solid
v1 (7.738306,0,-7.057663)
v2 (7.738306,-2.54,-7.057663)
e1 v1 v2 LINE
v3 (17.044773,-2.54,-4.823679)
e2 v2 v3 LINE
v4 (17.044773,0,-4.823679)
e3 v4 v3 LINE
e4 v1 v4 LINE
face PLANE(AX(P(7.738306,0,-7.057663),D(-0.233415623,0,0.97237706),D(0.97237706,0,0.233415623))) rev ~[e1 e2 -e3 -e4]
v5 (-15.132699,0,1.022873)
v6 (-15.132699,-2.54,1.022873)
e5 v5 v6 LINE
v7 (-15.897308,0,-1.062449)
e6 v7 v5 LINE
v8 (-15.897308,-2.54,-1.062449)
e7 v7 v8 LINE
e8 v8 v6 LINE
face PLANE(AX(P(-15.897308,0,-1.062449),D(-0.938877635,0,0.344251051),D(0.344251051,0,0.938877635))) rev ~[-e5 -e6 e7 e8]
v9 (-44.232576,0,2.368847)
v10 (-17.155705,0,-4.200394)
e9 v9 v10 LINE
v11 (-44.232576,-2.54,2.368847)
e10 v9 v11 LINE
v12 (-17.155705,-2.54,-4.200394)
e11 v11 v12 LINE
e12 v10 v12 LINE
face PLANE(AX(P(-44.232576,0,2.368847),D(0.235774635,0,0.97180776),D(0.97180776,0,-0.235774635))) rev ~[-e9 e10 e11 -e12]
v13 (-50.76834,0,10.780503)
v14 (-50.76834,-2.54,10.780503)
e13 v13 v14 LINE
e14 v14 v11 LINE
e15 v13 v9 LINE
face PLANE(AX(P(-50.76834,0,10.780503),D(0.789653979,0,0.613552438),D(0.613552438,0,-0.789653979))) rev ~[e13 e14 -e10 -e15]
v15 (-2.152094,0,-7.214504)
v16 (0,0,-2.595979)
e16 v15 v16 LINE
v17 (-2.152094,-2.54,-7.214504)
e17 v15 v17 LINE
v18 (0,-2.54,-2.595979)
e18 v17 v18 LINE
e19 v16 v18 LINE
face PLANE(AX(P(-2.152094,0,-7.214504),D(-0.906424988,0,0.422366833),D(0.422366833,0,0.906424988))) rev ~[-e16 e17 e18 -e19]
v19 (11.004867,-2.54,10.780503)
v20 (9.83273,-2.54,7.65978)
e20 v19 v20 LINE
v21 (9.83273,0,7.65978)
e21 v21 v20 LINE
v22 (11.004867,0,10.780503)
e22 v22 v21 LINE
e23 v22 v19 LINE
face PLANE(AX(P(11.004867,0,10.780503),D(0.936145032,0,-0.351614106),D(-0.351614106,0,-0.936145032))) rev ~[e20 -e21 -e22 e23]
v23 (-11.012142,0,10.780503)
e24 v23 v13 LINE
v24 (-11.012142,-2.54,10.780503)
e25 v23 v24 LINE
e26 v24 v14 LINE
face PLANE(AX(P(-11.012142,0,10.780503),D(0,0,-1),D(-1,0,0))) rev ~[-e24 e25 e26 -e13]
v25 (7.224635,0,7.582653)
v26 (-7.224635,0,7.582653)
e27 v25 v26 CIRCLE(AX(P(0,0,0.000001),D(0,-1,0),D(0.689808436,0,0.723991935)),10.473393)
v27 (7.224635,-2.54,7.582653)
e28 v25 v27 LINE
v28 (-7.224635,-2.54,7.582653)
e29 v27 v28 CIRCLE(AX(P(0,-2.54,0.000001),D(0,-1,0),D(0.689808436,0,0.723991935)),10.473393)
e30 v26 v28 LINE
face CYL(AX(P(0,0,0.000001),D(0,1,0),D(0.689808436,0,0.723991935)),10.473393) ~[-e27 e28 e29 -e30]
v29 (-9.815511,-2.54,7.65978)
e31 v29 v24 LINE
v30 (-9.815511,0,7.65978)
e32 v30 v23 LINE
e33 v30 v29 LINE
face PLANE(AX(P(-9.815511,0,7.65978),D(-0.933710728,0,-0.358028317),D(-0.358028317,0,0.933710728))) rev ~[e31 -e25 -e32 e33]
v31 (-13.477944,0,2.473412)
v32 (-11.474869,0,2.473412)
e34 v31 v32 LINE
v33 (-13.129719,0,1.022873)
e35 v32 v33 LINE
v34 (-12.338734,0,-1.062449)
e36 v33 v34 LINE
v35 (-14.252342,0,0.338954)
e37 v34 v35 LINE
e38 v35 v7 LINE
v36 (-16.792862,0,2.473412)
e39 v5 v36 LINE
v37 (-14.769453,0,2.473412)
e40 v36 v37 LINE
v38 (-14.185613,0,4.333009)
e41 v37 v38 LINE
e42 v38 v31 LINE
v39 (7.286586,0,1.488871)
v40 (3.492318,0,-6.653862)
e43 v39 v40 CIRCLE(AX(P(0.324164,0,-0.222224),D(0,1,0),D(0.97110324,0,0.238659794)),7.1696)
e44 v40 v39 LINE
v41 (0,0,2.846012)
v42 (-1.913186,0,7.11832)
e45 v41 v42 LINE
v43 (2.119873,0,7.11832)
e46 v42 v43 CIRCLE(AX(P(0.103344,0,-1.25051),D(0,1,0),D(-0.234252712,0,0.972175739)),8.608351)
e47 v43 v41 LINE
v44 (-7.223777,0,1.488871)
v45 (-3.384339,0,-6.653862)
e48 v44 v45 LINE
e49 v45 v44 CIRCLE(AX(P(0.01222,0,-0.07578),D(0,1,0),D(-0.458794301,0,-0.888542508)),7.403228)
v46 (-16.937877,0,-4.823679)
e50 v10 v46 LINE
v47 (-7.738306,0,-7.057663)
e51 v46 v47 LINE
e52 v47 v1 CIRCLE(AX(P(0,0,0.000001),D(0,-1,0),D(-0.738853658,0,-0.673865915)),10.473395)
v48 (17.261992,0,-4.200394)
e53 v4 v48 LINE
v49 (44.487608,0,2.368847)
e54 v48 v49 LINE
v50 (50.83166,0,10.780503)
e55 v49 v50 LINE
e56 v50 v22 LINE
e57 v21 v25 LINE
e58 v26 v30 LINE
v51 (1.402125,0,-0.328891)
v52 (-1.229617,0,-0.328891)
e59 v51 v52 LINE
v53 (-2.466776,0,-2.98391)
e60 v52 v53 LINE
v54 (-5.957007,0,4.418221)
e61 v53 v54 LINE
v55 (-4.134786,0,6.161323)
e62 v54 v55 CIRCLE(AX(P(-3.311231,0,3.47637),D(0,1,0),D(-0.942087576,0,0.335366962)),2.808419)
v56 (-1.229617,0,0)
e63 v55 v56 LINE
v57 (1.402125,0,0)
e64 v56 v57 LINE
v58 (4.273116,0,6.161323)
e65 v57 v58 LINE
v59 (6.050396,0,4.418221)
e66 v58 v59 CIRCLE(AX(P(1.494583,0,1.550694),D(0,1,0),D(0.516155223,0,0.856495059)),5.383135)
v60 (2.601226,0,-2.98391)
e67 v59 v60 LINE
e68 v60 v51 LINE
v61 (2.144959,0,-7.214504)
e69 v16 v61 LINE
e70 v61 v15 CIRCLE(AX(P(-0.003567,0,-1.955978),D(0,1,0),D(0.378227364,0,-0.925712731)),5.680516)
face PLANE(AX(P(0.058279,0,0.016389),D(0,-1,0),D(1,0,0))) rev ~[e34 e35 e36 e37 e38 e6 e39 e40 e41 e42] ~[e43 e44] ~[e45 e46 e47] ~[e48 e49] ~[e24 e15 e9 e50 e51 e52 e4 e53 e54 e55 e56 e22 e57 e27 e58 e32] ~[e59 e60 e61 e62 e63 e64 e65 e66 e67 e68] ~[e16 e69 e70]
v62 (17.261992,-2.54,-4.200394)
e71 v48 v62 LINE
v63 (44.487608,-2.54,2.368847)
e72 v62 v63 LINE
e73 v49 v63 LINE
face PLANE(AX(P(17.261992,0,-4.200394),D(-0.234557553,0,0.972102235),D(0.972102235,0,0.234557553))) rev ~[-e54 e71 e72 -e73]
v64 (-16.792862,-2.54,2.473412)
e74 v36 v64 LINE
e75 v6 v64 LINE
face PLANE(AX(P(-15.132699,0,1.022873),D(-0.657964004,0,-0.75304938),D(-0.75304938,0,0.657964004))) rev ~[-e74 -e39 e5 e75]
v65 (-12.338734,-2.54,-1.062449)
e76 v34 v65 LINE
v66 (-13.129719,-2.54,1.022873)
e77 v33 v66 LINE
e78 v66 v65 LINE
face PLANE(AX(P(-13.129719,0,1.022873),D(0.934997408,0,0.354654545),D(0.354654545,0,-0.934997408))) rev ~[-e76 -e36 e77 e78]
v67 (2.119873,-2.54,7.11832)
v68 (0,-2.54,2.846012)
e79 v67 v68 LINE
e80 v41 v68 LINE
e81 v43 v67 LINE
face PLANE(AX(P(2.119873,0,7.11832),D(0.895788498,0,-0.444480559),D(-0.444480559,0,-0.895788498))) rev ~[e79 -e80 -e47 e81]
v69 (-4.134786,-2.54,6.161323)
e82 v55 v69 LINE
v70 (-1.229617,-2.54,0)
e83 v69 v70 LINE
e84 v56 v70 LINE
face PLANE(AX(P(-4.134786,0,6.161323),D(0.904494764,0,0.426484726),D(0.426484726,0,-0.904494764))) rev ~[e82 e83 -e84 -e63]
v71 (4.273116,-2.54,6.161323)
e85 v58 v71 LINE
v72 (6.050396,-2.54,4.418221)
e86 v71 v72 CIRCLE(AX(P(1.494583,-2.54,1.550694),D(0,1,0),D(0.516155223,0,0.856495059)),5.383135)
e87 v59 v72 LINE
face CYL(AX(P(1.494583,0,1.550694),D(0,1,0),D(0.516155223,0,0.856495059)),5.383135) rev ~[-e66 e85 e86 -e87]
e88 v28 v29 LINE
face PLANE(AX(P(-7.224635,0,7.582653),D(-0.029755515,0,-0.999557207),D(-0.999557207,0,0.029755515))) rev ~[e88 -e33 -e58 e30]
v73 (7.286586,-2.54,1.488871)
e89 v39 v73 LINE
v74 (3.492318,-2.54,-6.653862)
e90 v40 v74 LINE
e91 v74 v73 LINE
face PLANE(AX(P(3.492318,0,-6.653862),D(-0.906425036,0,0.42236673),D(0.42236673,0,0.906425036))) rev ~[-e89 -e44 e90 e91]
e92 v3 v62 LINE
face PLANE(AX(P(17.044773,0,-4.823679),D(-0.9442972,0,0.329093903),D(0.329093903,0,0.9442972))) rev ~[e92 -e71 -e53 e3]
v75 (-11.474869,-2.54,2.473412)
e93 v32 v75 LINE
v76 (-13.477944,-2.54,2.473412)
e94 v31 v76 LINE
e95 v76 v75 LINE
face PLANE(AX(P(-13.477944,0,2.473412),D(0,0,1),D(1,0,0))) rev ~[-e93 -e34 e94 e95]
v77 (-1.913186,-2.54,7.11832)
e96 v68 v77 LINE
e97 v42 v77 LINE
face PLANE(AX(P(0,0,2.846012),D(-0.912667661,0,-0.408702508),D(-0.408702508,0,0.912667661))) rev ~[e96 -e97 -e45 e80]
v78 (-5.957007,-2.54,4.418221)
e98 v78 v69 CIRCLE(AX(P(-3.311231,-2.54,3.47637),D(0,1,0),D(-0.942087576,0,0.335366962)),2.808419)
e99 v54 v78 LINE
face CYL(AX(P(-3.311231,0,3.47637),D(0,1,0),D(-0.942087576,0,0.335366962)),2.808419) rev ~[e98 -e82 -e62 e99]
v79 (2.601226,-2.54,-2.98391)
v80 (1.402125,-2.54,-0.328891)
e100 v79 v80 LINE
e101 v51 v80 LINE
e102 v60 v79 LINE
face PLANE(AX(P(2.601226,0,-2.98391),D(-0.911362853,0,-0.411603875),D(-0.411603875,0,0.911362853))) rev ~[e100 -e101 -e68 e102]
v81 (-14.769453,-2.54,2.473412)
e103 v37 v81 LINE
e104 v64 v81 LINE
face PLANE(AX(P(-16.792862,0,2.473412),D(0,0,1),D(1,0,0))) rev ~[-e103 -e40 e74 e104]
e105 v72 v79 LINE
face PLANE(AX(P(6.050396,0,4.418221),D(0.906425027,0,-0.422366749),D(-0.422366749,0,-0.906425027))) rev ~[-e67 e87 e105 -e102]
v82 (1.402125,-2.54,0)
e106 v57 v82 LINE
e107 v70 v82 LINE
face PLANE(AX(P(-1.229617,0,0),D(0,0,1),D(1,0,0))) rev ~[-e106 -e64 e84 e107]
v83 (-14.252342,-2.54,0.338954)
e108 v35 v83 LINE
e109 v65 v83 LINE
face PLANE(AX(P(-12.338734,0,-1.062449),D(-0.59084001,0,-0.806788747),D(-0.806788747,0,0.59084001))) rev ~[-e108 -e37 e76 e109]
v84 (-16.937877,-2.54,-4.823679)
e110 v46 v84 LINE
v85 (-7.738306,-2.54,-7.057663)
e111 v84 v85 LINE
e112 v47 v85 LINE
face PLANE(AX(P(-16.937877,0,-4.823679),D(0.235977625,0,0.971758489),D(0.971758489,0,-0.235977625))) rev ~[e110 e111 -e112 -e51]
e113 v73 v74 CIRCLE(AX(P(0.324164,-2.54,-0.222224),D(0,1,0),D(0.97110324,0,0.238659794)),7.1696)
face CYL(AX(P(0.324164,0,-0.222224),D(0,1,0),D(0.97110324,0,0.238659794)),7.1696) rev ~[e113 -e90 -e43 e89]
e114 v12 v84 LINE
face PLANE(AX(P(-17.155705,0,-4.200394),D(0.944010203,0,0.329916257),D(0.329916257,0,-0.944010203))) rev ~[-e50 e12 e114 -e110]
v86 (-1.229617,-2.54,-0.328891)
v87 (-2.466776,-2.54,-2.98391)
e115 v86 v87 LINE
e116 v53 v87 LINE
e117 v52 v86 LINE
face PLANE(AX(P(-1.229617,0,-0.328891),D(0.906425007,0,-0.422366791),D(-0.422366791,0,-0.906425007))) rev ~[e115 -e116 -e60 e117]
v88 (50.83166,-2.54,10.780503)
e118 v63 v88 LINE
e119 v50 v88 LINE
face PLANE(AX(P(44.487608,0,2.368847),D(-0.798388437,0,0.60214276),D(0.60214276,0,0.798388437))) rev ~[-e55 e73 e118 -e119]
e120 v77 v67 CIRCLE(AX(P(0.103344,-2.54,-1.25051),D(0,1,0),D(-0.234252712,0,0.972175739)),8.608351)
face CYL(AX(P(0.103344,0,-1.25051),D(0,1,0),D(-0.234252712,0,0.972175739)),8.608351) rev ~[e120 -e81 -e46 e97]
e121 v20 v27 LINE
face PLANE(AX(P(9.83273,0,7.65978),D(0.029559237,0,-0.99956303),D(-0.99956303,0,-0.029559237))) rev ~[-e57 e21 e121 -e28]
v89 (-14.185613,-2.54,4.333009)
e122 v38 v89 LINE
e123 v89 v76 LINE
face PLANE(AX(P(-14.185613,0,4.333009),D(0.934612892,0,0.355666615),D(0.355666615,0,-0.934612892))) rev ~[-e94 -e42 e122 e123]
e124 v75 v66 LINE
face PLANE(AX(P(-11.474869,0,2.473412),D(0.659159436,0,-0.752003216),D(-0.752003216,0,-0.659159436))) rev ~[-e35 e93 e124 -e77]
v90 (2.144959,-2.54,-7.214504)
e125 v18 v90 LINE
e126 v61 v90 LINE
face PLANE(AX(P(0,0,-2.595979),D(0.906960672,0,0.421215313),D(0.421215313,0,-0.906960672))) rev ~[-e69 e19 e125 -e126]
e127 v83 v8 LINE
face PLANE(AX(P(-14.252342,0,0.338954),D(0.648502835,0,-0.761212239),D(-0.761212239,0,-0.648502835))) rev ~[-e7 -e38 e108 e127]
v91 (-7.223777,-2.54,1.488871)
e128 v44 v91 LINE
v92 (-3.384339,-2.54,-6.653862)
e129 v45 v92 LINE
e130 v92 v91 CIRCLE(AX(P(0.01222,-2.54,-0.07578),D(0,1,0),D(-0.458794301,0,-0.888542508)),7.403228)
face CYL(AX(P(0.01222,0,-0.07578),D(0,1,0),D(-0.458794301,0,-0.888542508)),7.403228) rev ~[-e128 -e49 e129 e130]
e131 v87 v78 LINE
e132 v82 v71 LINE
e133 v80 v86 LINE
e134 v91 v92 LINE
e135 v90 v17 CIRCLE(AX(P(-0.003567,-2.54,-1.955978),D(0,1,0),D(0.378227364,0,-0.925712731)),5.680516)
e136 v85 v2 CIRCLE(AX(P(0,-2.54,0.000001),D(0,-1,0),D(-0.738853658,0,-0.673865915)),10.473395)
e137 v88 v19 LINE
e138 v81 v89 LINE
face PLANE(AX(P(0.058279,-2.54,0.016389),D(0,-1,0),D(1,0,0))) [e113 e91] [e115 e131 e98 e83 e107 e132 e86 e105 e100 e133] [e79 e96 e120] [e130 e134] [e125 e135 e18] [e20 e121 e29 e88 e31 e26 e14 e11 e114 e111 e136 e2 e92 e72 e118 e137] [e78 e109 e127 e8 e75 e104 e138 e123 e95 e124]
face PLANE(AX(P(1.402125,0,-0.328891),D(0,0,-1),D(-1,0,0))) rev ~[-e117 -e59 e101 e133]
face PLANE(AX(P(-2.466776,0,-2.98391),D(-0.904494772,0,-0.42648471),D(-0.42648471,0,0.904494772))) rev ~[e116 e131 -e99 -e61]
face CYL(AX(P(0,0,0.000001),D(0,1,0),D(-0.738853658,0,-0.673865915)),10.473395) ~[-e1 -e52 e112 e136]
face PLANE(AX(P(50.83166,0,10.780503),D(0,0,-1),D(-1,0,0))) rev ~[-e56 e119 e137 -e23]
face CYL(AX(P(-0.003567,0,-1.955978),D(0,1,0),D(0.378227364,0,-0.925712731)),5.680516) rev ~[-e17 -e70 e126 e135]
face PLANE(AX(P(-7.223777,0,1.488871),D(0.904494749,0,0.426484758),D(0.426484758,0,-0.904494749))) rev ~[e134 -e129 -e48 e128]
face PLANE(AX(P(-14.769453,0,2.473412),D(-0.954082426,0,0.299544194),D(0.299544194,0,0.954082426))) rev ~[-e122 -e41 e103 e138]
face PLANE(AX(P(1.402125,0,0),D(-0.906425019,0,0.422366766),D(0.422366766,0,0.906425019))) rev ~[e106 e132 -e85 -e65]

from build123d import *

# Parameters (mm, degrees)
F1_DEPTH = 2.54


with BuildPart() as f1:
    # F0 (on Front) → F1 (new body)
    with BuildSketch(Plane.XZ):
        with BuildLine():
            ThreePointArc((7.738306, -7.057663), (9.765713, -3.784552), (10.473394, 0))
            ThreePointArc((10.473394, 0), (9.627005, 4.124653), (7.224635, 7.582653))
            ThreePointArc((7.224635, 7.582653), (0, 10.473394), (-7.224635, 7.582653))
            ThreePointArc((-7.224635, 7.582653), (-10.466954, 0.367244), (-7.738306, -7.057663))
            ThreePointArc((-7.738306, -7.057663), (0, -10.473394), (7.738306, -7.057663))
        make_face()
        with BuildLine():
            Line((-2.152094, -7.214504), (0, -2.595979))
            Line((0, -2.595979), (2.144959, -7.214504))
            ThreePointArc((2.144959, -7.214504), (-0.003567, -7.636494), (-2.152094, -7.214504))
        make_face(mode=Mode.SUBTRACT)
        with BuildLine():
            ThreePointArc((-3.384339, -6.653862), (-6.683961, -3.233143), (-7.223777, 1.488871))
            Line((-7.223777, 1.488871), (-3.384339, -6.653862))
        make_face(mode=Mode.SUBTRACT)
        with BuildLine():
            Line((3.492318, -6.653862), (7.286586, 1.488871))
            ThreePointArc((7.286586, 1.488871), (6.822869, -3.250425), (3.492318, -6.653862))
        make_face(mode=Mode.SUBTRACT)
        with BuildLine():
            ThreePointArc((-5.957007, 4.418221), (-5.252536, 5.505791), (-4.134786, 6.161323))
            Line((-4.134786, 6.161323), (-1.229617, 0))
            Line((-1.229617, 0), (1.402125, 0))
            Line((1.402125, 0), (4.273116, 6.161323))
            ThreePointArc((4.273116, 6.161323), (5.263901, 5.39392), (6.050396, 4.418221))
            Line((6.050396, 4.418221), (2.601226, -2.98391))
            Line((2.601226, -2.98391), (1.402125, -0.328891))
            Line((1.402125, -0.328891), (-1.229617, -0.328891))
            Line((-1.229617, -0.328891), (-2.466776, -2.98391))
            Line((-2.466776, -2.98391), (-5.957007, 4.418221))
        make_face(mode=Mode.SUBTRACT)
        with BuildLine():
            Line((0, 2.846012), (-1.913186, 7.11832))
            ThreePointArc((-1.913186, 7.11832), (0.103343, 7.357841), (2.119873, 7.11832))
            Line((2.119873, 7.11832), (0, 2.846012))
        make_face(mode=Mode.SUBTRACT)
        with BuildLine():
            ThreePointArc((7.224635, 7.582653), (9.627005, 4.124653), (10.473394, 0))
            ThreePointArc((10.473394, 0), (9.765713, -3.784552), (7.738306, -7.057663))
            Line((7.738306, -7.057663), (17.044773, -4.823679))
            Line((17.044773, -4.823679), (17.261992, -4.200394))
            Line((17.261992, -4.200394), (21.515753, 8.005273))
            Line((21.515753, 8.005273), (9.83273, 7.65978))
            Line((9.83273, 7.65978), (7.224635, 7.582653))
        make_face()
        with BuildLine():
            ThreePointArc((-7.738306, -7.057663), (-10.466954, 0.367244), (-7.224635, 7.582653))
            Line((-7.224635, 7.582653), (-9.815511, 7.65978))
            Line((-9.815511, 7.65978), (-21.421401, 8.005273))
            Line((-21.421401, 8.005273), (-17.155705, -4.200394))
            Line((-17.155705, -4.200394), (-16.937877, -4.823679))
            Line((-16.937877, -4.823679), (-7.738306, -7.057663))
        make_face()
        Polygon((-14.769453, 2.473412), (-14.185613, 4.333009), (-13.477944, 2.473412), (-11.474869, 2.473412), (-13.129719, 1.022873), (-12.338734, -1.062449), (-14.252342, 0.338954), (-15.897308, -1.062449), (-15.132699, 1.022873), (-16.792862, 2.473412), align=None, mode=Mode.SUBTRACT)
        Polygon((11.004867, 10.780503), (9.83273, 7.65978), (21.515753, 8.005273), (17.261992, -4.200394), (44.487608, 2.368847), (50.83166, 10.780503), align=None)
        Polygon((-21.421401, 8.005273), (-9.815511, 7.65978), (-11.012142, 10.780503), (-50.76834, 10.780503), (-44.232576, 2.368847), (-17.155705, -4.200394), align=None)
    extrude(amount=F1_DEPTH)


solid = f1.part
